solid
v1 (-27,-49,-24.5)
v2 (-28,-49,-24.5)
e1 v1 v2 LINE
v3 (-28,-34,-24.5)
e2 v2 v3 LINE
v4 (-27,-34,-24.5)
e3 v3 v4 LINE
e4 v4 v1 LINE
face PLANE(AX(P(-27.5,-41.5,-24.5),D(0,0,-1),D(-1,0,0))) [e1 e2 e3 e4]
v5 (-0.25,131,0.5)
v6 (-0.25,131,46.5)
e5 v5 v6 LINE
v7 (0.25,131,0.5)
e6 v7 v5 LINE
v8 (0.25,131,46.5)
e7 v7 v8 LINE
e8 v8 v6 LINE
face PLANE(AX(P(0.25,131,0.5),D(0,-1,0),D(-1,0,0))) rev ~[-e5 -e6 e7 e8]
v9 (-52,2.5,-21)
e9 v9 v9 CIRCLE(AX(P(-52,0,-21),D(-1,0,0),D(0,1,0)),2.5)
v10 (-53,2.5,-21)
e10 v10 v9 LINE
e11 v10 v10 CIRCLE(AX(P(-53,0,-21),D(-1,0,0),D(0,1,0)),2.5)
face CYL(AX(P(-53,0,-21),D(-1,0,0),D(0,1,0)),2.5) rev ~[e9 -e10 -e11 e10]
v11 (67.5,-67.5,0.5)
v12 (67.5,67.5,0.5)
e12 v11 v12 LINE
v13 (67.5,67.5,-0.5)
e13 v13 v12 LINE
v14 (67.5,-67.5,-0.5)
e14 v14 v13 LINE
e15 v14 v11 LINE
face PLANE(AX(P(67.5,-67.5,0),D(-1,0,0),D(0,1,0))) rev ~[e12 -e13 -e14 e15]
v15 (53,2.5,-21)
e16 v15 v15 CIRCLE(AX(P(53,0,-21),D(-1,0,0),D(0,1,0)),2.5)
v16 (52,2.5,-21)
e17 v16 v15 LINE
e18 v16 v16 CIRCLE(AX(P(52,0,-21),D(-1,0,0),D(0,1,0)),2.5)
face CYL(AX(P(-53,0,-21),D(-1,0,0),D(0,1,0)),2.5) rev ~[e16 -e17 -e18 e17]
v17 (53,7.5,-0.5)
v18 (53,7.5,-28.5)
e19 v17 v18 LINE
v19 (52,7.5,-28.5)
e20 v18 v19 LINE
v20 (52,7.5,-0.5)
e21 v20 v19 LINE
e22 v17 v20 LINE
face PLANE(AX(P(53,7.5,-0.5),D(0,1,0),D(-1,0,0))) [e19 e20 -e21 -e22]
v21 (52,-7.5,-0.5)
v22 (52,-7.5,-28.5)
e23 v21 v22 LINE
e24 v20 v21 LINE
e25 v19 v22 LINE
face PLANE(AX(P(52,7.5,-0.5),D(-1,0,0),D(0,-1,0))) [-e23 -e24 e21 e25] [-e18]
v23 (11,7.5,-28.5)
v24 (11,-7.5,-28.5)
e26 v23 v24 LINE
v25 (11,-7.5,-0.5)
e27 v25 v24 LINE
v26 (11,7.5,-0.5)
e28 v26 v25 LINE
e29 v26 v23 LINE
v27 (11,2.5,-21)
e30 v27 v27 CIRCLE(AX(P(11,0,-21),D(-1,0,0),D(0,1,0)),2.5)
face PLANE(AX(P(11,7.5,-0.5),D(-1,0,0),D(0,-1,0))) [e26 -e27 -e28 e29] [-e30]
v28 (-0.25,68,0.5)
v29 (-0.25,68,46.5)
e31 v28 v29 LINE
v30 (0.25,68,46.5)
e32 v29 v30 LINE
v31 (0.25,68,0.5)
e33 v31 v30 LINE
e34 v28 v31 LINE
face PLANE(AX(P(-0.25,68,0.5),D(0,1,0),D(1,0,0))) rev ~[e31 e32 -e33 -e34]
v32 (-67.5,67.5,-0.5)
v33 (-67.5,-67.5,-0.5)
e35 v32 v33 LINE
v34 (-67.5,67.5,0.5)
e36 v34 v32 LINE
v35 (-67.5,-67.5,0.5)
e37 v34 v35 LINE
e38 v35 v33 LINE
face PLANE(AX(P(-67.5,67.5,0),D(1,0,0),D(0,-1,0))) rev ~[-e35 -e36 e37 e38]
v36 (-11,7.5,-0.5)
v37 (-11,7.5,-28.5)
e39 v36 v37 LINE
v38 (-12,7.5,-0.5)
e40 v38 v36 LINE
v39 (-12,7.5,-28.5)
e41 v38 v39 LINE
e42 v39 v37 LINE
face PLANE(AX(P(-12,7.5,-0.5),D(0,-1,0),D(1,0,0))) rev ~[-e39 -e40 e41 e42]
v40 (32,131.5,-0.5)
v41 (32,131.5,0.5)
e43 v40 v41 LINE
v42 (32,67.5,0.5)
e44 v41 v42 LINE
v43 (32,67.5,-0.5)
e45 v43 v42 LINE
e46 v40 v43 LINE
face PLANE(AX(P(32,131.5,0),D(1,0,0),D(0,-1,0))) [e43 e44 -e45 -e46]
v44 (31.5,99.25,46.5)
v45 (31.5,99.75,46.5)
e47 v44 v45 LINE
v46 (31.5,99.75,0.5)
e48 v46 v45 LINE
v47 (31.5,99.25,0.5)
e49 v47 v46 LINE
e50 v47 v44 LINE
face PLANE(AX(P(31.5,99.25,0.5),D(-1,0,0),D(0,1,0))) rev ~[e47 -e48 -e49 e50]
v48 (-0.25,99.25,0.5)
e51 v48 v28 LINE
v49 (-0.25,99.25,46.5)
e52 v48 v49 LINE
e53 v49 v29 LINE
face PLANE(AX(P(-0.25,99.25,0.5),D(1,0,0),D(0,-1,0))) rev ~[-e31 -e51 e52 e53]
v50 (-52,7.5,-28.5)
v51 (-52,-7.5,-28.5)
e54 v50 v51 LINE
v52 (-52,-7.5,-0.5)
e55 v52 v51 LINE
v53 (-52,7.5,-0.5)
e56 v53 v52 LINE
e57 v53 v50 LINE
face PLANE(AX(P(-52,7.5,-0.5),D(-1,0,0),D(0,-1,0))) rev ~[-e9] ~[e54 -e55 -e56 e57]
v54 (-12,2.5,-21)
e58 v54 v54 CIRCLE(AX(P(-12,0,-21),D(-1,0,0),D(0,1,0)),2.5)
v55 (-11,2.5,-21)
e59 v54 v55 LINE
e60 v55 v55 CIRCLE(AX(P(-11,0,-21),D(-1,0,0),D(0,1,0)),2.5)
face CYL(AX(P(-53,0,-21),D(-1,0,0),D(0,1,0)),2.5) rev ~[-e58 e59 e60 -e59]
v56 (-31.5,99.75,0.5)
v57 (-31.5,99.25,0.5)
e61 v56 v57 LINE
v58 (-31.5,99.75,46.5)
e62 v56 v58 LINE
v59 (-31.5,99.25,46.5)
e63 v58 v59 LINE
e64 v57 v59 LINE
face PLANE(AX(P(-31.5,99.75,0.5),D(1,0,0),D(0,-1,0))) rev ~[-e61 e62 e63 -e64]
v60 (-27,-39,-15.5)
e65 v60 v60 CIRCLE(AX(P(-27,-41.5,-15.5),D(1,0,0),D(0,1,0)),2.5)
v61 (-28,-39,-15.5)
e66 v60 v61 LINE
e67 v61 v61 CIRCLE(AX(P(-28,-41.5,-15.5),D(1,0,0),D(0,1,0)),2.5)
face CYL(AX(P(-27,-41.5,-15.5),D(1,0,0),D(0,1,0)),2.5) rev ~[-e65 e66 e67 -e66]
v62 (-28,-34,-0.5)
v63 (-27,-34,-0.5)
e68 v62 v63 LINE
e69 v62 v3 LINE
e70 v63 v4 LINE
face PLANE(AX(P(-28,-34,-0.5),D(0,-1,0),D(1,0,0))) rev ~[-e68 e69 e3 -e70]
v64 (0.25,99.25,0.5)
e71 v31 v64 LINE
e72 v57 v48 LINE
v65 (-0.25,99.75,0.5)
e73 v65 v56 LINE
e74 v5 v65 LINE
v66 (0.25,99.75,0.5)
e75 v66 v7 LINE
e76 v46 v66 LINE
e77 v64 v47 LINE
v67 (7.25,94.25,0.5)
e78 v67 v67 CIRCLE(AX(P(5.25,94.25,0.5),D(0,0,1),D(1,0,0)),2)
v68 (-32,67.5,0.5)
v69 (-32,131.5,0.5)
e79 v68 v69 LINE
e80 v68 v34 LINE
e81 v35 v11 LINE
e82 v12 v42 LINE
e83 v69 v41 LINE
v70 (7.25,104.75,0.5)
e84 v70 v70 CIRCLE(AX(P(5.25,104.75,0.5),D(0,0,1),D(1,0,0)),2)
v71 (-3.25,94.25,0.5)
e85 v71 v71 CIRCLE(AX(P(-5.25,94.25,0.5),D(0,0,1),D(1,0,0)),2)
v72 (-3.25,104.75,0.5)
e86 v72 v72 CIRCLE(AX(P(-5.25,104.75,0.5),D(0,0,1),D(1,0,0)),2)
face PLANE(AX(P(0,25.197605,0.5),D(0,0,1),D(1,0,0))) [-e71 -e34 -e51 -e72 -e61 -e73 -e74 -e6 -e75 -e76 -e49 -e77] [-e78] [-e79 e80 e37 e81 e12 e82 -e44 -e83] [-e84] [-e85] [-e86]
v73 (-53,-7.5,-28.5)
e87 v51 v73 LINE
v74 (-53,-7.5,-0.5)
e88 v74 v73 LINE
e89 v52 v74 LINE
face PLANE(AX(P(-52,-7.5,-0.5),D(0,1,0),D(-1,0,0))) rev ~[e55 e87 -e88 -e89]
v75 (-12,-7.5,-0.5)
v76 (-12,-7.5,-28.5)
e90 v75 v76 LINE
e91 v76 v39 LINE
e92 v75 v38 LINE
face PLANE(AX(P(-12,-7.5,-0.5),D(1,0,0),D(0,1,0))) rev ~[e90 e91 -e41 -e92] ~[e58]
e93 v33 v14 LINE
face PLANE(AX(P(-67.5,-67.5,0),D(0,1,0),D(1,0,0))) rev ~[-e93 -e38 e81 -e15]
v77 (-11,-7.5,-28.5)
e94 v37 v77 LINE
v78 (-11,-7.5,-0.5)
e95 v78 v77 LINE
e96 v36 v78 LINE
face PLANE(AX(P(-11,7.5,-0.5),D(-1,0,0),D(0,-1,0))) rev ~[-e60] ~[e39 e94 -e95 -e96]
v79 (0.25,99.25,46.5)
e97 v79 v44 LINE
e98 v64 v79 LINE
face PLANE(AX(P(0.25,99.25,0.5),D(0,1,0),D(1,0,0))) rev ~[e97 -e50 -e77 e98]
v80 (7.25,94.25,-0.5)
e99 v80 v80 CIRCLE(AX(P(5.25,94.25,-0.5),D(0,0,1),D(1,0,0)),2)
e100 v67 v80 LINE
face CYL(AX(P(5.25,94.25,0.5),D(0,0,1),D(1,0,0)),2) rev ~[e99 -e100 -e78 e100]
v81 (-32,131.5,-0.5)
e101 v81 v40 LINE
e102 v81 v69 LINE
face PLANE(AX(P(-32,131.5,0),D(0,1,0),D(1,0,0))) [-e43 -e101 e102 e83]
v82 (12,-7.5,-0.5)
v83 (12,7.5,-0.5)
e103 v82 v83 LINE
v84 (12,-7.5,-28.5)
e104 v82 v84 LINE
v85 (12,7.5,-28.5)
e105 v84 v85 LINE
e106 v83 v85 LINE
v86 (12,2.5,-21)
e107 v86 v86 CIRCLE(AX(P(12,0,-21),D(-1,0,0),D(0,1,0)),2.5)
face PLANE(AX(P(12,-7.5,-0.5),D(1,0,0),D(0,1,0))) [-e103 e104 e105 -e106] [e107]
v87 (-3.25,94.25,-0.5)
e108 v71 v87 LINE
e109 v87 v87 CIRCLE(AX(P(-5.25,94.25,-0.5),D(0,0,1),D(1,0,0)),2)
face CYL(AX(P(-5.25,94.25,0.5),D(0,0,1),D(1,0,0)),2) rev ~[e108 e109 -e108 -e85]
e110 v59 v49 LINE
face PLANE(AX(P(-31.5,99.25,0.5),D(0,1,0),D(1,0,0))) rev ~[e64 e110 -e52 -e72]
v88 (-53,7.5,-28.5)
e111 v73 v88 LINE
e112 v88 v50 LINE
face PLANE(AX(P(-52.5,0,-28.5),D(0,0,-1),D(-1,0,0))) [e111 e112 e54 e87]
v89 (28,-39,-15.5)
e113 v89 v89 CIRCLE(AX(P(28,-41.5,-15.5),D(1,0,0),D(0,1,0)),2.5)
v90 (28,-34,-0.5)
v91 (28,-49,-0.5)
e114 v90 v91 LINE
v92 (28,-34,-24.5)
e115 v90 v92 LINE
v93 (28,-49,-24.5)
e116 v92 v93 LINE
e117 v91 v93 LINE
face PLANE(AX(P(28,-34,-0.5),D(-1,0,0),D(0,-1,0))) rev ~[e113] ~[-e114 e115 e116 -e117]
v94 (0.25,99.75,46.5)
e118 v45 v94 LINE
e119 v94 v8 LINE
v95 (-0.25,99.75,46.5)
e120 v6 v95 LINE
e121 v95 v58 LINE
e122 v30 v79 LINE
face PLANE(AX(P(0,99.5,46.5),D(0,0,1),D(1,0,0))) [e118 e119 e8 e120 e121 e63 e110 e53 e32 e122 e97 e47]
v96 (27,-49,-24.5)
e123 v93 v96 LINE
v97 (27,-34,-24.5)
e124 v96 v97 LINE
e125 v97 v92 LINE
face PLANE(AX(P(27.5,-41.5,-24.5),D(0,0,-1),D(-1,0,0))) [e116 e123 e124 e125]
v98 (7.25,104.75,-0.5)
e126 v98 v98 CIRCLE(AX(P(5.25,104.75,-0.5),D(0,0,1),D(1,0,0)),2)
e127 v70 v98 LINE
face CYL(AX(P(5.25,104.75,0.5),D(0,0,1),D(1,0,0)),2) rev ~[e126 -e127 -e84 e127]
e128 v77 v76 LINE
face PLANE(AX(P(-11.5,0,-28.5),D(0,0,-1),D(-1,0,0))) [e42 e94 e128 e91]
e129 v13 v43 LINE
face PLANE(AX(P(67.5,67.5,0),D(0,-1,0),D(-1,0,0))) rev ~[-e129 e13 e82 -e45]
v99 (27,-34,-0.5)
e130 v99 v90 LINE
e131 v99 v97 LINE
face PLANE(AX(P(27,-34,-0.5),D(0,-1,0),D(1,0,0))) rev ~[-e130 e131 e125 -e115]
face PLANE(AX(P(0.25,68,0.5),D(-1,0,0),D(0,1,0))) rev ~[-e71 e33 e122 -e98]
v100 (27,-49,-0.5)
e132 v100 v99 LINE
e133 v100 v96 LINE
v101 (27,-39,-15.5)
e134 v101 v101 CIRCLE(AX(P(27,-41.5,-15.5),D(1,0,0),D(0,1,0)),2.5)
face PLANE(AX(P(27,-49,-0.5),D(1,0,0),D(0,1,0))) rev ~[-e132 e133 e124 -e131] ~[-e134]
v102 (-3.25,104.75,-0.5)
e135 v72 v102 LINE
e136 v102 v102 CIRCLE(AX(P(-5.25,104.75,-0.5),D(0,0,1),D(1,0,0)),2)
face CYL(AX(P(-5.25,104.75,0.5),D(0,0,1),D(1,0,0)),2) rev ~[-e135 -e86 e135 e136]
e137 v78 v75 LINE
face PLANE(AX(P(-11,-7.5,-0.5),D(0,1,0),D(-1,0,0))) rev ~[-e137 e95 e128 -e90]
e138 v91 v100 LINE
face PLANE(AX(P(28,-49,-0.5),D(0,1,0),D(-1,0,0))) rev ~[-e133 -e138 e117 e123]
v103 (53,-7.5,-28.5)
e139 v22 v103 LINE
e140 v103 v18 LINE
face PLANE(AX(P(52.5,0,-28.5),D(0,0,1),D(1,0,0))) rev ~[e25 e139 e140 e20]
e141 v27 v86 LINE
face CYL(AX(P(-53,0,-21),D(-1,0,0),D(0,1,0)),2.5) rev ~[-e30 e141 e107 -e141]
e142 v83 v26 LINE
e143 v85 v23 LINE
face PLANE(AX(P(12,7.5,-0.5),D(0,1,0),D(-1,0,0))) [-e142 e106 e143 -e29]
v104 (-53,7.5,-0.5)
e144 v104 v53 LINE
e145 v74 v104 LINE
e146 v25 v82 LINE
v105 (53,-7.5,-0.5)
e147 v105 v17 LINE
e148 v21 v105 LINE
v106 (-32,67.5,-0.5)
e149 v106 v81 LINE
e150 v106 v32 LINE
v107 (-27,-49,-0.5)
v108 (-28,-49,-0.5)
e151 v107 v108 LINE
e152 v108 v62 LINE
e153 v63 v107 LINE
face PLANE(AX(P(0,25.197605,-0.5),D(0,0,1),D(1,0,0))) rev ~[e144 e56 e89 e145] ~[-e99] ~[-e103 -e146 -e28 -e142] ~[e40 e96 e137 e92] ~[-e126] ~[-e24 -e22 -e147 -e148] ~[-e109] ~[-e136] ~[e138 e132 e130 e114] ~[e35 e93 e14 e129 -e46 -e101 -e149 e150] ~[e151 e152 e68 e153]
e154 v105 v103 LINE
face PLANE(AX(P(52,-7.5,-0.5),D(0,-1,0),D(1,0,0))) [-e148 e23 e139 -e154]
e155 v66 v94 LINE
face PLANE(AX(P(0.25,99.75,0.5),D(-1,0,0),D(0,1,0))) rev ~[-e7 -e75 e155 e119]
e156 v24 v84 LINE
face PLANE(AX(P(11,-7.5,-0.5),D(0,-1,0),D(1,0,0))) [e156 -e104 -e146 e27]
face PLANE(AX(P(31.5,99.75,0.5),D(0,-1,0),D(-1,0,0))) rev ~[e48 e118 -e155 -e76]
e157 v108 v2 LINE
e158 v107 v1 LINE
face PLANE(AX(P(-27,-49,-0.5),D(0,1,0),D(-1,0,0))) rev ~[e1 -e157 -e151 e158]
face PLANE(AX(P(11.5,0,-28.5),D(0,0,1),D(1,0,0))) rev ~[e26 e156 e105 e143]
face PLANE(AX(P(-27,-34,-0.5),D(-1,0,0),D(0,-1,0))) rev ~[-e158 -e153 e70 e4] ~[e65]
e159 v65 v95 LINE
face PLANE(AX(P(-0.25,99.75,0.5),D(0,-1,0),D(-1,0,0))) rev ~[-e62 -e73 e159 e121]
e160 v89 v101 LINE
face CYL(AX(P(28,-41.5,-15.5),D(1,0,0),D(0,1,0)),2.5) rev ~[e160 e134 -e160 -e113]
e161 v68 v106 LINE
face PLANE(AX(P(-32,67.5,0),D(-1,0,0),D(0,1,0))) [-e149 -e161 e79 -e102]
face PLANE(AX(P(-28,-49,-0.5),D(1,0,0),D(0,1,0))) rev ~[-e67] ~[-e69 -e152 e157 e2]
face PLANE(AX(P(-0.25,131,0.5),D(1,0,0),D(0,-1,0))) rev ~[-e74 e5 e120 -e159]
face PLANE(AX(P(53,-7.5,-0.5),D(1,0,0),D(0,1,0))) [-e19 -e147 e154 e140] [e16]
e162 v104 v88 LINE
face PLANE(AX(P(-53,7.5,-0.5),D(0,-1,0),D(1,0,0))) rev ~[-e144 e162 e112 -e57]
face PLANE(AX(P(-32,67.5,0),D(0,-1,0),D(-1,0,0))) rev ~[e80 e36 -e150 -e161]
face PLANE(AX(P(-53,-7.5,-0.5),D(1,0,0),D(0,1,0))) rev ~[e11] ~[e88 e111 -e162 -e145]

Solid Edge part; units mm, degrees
sketch "Sketch1" plane through (0, 0, 0) normal (0, 0, 1) x (1, 0, 0)
  line L0 (-67.5, -67.5) -> (67.5, -67.5)
  line L1 (67.5, -67.5) -> (67.5, 67.5)
  line L2 (67.5, 67.5) -> (32, 67.5)
  line L3 (32, 131.5) -> (32, 67.5)
  line L4 (-32, 131.5) -> (32, 131.5)
  line L5 (-32, 67.5) -> (-32, 131.5)
  line L6 (-32, 67.5) -> (-67.5, 67.5)
  line L7 (-67.5, 67.5) -> (-67.5, -67.5)
extrude "Protrusion1" add sketch "Sketch1" along normal mid plane 1
sketch "Sketch2" plane through (0, 32, -0.5) normal (0, 0, -1) x (-1, 0, 0)
  line L0 (11, -39.5) -> (12, -39.5)
  line L1 (12, -39.5) -> (12, -24.5)
  line L2 (12, -24.5) -> (11, -24.5)
  line L3 (11, -24.5) -> (11, -39.5)
  line L4 (52, -39.5) -> (53, -39.5)
  line L5 (53, -39.5) -> (53, -24.5)
  line L6 (53, -24.5) -> (52, -24.5)
  line L7 (52, -24.5) -> (52, -39.5)
  line L8 (-11, -39.5) -> (-12, -39.5)
  line L9 (-12, -39.5) -> (-12, -24.5)
  line L10 (-12, -24.5) -> (-11, -24.5)
  line L11 (-11, -24.5) -> (-11, -39.5)
  line L12 (-52, -39.5) -> (-53, -39.5)
  line L13 (-53, -39.5) -> (-53, -24.5)
  line L14 (-53, -24.5) -> (-52, -24.5)
  line L15 (-52, -24.5) -> (-52, -39.5)
  dimension "D1" = 1
  dimension "D2" = 15
  dimension "D3" = 12
  dimension "D4" = 1
  dimension "D5" = 15
  dimension "D6" = 40
extrude "Wyciągnięcie_9" add sketch "Sketch2" along normal blind 28
sketch "Sketch3" plane through (-53, 0, -14.5) normal (-1, 0, 0) x (0, 1, 0)
  circle A0 centre (0, 6.5) radius 2.5
  dimension "D1" = 7.5
extrude "Cutout1" cut sketch "Sketch3" against normal through all
sketch "Sketch4" plane through (0, 32, -0.5) normal (0, 0, -1) x (0, 1, 0)
  line L0 (-81, 27) -> (-66, 27)
  line L1 (-66, 27) -> (-66, 28)
  line L2 (-66, 28) -> (-81, 28)
  line L3 (-81, 28) -> (-81, 27)
  line L4 (-81, -28) -> (-66, -28)
  line L5 (-66, -28) -> (-66, -27)
  line L6 (-66, -27) -> (-81, -27)
  line L7 (-81, -27) -> (-81, -28)
  dimension "D1" = 15
  dimension "D2" = 1
  dimension "D3" = 1
  dimension "D4" = 15
  dimension "D5" = 54
  dimension "D6" = 26
  dimension "D7" = 26
extrude "Wyciągnięcie_10" add sketch "Sketch4" along normal blind 24
sketch "Sketch5" plane through (28, -41.5, -12.5) normal (1, 0, 0) x (0, 1, 0)
  circle A0 centre (0, -3) radius 2.5
extrude "Cutout2" cut sketch "Sketch5" against normal up to next
sketch "Sketch6" plane through (-27, -41.5, -12.5) normal (1, 0, 0) x (0, 1, 0)
  circle A0 centre (0, -3) radius 2.5
extrude "Cutout3" cut sketch "Sketch6" against normal up to next
sketch "Sketch7" plane through (0, 32, 0.5) normal (0, 0, 1) x (1, 0, 0)
  line L0 (0.25, 67.25) -> (31.5, 67.25)
  line L1 (31.5, 67.25) -> (31.5, 67.75)
  line L2 (31.5, 67.75) -> (0.25, 67.75)
  line L3 (0.25, 67.75) -> (0.25, 99)
  line L4 (0.25, 99) -> (-0.25, 99)
  line L5 (-0.25, 99) -> (-0.25, 67.75)
  line L6 (-0.25, 67.75) -> (-31.5, 67.75)
  line L7 (-31.5, 67.75) -> (-31.5, 67.25)
  line L8 (-31.5, 67.25) -> (-0.25, 67.25)
  line L9 (-0.25, 67.25) -> (-0.25, 36)
  line L10 (-0.25, 36) -> (0.25, 36)
  line L11 (0.25, 36) -> (0.25, 67.25)
extrude "Wyciągnięcie_11" add sketch "Sketch7" along normal blind 46
sketch "Sketch8" plane through (0, 32, 0.5) normal (0, 0, 1) x (1, 0, 0)
  circle A0 centre (5.25, 62.25) radius 2
  circle A1 centre (-5.25, 62.25) radius 2
  circle A2 centre (-5.25, 72.75) radius 2
  circle A3 centre (5.25, 72.75) radius 2
  dimension "D1" = 5
  dimension "D2" = 5
  dimension "D3" = 4
  dimension "D4" = 5
  dimension "D5" = 5
  dimension "D6" = 5
  dimension "D7" = 5
  dimension "D8" = 5
  dimension "D9" = 5
  dimension "D10" = 4
  dimension "D11" = 4
  dimension "D12" = 4
extrude "Cutout4" cut sketch "Sketch8" against normal up to next
